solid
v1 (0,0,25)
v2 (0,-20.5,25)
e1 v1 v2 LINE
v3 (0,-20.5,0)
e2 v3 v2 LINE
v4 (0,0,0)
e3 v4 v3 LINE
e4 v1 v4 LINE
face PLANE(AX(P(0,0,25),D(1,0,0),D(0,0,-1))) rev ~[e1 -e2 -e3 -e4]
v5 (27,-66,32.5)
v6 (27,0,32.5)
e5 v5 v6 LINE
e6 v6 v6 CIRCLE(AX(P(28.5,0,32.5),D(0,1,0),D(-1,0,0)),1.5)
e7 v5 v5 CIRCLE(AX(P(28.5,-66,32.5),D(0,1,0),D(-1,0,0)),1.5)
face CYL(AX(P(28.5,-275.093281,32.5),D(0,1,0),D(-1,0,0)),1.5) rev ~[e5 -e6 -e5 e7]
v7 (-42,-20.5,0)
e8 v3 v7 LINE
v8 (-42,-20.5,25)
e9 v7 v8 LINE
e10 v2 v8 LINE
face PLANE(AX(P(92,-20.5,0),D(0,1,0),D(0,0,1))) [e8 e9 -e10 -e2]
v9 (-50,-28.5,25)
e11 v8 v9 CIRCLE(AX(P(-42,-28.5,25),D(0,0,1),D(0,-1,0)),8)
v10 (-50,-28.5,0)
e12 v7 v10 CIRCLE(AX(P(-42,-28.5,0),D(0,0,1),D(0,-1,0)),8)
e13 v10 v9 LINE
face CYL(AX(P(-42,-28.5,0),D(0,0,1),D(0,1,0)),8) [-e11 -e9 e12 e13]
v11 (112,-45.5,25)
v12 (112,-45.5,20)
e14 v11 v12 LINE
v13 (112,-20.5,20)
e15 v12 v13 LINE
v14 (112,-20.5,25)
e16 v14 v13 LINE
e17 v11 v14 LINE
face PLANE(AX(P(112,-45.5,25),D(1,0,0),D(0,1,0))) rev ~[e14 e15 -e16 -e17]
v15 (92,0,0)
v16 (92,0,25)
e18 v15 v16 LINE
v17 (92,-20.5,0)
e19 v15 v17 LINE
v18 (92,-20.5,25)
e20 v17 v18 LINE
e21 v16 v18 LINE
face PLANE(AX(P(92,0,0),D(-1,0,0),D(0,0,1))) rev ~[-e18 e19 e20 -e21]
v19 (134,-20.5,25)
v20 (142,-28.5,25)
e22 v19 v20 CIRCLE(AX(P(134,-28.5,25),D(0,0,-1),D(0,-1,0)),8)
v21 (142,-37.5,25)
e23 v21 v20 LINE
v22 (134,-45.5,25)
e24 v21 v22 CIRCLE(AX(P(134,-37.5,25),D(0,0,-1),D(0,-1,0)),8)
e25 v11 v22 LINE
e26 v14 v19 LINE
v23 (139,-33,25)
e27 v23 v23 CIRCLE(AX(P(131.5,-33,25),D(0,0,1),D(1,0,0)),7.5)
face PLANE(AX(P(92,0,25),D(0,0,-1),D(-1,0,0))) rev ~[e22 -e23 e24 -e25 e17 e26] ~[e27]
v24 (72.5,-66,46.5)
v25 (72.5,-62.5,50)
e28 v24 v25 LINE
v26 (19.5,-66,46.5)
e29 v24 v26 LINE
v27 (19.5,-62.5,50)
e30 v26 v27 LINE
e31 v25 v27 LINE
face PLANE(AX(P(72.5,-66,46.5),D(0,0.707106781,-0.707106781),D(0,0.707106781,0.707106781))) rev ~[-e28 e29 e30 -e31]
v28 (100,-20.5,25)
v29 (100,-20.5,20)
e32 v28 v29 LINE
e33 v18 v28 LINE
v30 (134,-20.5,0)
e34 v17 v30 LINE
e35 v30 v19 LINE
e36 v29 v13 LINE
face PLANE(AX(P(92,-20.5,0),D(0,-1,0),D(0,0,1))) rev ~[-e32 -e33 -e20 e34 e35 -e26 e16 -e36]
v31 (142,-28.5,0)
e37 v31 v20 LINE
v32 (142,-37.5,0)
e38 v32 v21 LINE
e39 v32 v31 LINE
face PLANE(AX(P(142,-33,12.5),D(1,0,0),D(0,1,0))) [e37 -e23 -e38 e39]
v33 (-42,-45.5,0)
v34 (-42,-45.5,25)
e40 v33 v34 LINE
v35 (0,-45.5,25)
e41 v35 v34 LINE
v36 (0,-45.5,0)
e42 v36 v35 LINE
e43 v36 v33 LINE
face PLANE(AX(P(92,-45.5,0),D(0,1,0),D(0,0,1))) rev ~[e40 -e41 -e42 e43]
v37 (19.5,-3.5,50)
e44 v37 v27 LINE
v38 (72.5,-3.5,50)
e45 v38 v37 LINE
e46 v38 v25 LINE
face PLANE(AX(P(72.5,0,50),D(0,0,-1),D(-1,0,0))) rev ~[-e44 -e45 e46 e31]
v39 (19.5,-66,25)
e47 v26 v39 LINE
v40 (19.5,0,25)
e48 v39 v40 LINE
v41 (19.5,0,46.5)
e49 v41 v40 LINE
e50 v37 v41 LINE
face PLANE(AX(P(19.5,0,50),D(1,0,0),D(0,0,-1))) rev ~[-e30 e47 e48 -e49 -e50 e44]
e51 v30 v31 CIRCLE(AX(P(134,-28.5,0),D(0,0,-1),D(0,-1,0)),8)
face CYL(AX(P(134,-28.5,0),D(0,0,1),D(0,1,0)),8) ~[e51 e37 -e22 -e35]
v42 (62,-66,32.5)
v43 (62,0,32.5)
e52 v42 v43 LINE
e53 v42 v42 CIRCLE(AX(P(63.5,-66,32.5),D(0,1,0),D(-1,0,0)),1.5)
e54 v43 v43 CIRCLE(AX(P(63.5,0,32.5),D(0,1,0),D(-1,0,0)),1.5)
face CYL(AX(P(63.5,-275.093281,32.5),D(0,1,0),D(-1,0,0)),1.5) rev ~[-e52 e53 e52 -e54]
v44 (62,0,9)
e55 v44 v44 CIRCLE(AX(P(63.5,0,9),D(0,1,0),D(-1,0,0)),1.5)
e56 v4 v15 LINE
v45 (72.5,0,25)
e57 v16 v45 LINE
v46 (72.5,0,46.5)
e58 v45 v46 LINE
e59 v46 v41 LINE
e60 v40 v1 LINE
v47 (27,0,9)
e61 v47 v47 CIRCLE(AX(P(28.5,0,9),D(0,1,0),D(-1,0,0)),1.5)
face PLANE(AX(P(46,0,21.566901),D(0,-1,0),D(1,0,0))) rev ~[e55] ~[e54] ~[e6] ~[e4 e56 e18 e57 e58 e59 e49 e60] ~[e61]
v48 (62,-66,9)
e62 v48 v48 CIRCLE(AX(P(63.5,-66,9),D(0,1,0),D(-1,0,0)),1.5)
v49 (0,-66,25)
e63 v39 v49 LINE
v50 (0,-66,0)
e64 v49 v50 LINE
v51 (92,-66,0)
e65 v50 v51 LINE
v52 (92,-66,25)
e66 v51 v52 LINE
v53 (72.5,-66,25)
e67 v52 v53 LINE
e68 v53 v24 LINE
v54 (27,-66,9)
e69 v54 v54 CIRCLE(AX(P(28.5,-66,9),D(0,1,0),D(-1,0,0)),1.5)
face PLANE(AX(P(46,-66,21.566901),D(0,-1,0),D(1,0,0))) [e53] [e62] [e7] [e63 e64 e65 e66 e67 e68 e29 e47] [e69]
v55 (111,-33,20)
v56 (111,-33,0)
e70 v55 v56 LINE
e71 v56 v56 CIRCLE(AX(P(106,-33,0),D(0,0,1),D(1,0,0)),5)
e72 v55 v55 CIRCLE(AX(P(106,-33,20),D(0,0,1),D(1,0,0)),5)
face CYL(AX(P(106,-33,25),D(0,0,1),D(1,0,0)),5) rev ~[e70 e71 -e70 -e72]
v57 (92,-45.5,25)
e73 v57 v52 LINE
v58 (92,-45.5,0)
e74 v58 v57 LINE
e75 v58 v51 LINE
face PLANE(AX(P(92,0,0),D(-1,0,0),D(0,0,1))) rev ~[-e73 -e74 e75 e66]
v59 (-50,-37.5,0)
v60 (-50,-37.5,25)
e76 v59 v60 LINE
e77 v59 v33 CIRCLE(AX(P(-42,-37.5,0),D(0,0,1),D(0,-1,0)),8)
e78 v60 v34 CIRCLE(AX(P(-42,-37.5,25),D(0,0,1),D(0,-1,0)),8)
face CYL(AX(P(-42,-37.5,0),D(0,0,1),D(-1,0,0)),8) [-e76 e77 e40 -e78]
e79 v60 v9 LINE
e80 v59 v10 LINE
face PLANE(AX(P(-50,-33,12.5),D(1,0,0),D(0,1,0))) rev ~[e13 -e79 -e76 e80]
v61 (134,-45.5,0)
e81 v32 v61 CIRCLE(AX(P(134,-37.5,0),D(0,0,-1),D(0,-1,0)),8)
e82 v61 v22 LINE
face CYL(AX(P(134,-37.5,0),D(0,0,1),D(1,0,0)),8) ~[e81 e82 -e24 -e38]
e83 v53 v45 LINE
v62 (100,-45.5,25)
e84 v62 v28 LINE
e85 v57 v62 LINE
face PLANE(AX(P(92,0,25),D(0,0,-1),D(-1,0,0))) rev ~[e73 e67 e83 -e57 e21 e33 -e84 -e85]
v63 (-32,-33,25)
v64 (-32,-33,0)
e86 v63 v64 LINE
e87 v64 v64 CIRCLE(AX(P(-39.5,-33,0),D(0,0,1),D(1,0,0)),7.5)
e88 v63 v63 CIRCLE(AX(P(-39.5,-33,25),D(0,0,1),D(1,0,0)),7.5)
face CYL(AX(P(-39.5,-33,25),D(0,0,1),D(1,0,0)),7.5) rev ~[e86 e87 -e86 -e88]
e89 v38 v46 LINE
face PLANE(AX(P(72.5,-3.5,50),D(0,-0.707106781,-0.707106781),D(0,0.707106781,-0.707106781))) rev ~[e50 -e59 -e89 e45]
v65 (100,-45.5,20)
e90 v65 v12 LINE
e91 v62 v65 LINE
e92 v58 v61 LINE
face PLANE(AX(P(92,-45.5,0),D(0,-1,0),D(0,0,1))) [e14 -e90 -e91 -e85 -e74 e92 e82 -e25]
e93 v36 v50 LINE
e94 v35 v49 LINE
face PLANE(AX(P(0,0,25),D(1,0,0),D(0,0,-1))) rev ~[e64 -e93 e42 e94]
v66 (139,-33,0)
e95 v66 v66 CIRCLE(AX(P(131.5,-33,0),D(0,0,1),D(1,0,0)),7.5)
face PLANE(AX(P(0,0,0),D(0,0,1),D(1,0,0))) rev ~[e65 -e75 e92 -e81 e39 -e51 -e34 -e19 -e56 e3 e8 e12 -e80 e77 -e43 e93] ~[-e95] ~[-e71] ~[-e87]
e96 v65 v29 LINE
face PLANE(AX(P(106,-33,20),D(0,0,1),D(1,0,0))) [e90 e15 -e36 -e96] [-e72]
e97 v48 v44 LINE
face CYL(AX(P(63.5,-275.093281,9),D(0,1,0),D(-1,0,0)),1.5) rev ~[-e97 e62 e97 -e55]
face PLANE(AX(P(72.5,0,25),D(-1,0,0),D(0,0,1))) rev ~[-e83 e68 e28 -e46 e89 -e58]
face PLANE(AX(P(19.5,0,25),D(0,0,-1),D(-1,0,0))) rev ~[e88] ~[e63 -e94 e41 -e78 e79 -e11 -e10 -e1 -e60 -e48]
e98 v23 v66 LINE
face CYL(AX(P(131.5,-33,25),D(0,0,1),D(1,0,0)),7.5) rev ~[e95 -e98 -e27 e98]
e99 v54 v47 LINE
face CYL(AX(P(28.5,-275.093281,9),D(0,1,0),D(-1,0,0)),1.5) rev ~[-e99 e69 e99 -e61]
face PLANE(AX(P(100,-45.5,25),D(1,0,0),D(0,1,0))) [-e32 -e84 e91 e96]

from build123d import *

# Parameters (mm, degrees)
F1_DEPTH      = 66
F3_DEPTH      = 72.501
F4_W          = 25
F4_H          = 25
F5_DEPTH      = 50
F5_DEPTH_BACK = 142
F6_R          = 7.5
F7_DEPTH      = 25.001
F8_R          = 5
F9_DEPTH      = 25
F10_R         = 8
F11_W         = 12
F11_H         = 25
F12_DEPTH     = 5
F14_D         = 3


with BuildPart() as f1:
    # F0 (on Front) → F1 (new body)
    with BuildSketch(Plane.XZ):
        Polygon((0, 25), (0, 0), (92, 0), (92, 25), (72.5, 25), (72.5, 50), (19.5, 50), (19.5, 25), align=None)
    extrude(amount=F1_DEPTH)

    # F2 (on face) → F3 (cut, through all)
    with BuildSketch(Plane.YZ.offset(72.5)):
        Polygon((-62.5, 50), (-66, 50), (-66, 46.5), align=None)
        Polygon((0, 46.5), (0, 50), (-3.5, 50), align=None)
    extrude(amount=-F3_DEPTH, mode=Mode.SUBTRACT)

    # F4 (on face) → F5 (join, two sides)
    with BuildSketch(Plane.YZ.offset(92)) as f5_sk:
        with Locations((-33, 12.5)):
            Rectangle(F4_W, F4_H)
    extrude(amount=F5_DEPTH)
    extrude(f5_sk.sketch, amount=-F5_DEPTH_BACK)

    # F6 (on face) → F7 (cut, through all)
    with BuildSketch(Plane.XY.offset(25)):
        with Locations((131.5, -33)):
            Circle(F6_R)
        with Locations((-39.5, -33)):
            Circle(F6_R)
    extrude(amount=-F7_DEPTH, mode=Mode.SUBTRACT)

    # F8 (on face) → F9 (cut)
    with BuildSketch(Plane.XY.offset(25)):
        with Locations((106, -33)):
            Circle(F8_R)
    extrude(amount=-F9_DEPTH, mode=Mode.SUBTRACT)

    # F10
    f10_edges = [f1.edges().sort_by_distance(p)[0] for p in [
        (142, -20.5, 12.5),
        (142, -45.5, 12.5),
        (-50, -45.5, 12.5),
        (-50, -20.5, 12.5),
    ]]
    fillet(f10_edges, radius=F10_R)

    # F11 (on face) → F12 (cut)
    with BuildSketch(Plane.XY.offset(25)):
        with Locations((106, -33)):
            Rectangle(F11_W, F11_H)
    extrude(amount=-F12_DEPTH, mode=Mode.SUBTRACT)

    # F14 (through all)
    with Locations(Plane.XZ.offset(66)):
        with Locations((28.5, 32.5), (63.5, 32.5), (63.5, 9), (28.5, 9)):
            Hole(F14_D / 2)


solid = f1.part
